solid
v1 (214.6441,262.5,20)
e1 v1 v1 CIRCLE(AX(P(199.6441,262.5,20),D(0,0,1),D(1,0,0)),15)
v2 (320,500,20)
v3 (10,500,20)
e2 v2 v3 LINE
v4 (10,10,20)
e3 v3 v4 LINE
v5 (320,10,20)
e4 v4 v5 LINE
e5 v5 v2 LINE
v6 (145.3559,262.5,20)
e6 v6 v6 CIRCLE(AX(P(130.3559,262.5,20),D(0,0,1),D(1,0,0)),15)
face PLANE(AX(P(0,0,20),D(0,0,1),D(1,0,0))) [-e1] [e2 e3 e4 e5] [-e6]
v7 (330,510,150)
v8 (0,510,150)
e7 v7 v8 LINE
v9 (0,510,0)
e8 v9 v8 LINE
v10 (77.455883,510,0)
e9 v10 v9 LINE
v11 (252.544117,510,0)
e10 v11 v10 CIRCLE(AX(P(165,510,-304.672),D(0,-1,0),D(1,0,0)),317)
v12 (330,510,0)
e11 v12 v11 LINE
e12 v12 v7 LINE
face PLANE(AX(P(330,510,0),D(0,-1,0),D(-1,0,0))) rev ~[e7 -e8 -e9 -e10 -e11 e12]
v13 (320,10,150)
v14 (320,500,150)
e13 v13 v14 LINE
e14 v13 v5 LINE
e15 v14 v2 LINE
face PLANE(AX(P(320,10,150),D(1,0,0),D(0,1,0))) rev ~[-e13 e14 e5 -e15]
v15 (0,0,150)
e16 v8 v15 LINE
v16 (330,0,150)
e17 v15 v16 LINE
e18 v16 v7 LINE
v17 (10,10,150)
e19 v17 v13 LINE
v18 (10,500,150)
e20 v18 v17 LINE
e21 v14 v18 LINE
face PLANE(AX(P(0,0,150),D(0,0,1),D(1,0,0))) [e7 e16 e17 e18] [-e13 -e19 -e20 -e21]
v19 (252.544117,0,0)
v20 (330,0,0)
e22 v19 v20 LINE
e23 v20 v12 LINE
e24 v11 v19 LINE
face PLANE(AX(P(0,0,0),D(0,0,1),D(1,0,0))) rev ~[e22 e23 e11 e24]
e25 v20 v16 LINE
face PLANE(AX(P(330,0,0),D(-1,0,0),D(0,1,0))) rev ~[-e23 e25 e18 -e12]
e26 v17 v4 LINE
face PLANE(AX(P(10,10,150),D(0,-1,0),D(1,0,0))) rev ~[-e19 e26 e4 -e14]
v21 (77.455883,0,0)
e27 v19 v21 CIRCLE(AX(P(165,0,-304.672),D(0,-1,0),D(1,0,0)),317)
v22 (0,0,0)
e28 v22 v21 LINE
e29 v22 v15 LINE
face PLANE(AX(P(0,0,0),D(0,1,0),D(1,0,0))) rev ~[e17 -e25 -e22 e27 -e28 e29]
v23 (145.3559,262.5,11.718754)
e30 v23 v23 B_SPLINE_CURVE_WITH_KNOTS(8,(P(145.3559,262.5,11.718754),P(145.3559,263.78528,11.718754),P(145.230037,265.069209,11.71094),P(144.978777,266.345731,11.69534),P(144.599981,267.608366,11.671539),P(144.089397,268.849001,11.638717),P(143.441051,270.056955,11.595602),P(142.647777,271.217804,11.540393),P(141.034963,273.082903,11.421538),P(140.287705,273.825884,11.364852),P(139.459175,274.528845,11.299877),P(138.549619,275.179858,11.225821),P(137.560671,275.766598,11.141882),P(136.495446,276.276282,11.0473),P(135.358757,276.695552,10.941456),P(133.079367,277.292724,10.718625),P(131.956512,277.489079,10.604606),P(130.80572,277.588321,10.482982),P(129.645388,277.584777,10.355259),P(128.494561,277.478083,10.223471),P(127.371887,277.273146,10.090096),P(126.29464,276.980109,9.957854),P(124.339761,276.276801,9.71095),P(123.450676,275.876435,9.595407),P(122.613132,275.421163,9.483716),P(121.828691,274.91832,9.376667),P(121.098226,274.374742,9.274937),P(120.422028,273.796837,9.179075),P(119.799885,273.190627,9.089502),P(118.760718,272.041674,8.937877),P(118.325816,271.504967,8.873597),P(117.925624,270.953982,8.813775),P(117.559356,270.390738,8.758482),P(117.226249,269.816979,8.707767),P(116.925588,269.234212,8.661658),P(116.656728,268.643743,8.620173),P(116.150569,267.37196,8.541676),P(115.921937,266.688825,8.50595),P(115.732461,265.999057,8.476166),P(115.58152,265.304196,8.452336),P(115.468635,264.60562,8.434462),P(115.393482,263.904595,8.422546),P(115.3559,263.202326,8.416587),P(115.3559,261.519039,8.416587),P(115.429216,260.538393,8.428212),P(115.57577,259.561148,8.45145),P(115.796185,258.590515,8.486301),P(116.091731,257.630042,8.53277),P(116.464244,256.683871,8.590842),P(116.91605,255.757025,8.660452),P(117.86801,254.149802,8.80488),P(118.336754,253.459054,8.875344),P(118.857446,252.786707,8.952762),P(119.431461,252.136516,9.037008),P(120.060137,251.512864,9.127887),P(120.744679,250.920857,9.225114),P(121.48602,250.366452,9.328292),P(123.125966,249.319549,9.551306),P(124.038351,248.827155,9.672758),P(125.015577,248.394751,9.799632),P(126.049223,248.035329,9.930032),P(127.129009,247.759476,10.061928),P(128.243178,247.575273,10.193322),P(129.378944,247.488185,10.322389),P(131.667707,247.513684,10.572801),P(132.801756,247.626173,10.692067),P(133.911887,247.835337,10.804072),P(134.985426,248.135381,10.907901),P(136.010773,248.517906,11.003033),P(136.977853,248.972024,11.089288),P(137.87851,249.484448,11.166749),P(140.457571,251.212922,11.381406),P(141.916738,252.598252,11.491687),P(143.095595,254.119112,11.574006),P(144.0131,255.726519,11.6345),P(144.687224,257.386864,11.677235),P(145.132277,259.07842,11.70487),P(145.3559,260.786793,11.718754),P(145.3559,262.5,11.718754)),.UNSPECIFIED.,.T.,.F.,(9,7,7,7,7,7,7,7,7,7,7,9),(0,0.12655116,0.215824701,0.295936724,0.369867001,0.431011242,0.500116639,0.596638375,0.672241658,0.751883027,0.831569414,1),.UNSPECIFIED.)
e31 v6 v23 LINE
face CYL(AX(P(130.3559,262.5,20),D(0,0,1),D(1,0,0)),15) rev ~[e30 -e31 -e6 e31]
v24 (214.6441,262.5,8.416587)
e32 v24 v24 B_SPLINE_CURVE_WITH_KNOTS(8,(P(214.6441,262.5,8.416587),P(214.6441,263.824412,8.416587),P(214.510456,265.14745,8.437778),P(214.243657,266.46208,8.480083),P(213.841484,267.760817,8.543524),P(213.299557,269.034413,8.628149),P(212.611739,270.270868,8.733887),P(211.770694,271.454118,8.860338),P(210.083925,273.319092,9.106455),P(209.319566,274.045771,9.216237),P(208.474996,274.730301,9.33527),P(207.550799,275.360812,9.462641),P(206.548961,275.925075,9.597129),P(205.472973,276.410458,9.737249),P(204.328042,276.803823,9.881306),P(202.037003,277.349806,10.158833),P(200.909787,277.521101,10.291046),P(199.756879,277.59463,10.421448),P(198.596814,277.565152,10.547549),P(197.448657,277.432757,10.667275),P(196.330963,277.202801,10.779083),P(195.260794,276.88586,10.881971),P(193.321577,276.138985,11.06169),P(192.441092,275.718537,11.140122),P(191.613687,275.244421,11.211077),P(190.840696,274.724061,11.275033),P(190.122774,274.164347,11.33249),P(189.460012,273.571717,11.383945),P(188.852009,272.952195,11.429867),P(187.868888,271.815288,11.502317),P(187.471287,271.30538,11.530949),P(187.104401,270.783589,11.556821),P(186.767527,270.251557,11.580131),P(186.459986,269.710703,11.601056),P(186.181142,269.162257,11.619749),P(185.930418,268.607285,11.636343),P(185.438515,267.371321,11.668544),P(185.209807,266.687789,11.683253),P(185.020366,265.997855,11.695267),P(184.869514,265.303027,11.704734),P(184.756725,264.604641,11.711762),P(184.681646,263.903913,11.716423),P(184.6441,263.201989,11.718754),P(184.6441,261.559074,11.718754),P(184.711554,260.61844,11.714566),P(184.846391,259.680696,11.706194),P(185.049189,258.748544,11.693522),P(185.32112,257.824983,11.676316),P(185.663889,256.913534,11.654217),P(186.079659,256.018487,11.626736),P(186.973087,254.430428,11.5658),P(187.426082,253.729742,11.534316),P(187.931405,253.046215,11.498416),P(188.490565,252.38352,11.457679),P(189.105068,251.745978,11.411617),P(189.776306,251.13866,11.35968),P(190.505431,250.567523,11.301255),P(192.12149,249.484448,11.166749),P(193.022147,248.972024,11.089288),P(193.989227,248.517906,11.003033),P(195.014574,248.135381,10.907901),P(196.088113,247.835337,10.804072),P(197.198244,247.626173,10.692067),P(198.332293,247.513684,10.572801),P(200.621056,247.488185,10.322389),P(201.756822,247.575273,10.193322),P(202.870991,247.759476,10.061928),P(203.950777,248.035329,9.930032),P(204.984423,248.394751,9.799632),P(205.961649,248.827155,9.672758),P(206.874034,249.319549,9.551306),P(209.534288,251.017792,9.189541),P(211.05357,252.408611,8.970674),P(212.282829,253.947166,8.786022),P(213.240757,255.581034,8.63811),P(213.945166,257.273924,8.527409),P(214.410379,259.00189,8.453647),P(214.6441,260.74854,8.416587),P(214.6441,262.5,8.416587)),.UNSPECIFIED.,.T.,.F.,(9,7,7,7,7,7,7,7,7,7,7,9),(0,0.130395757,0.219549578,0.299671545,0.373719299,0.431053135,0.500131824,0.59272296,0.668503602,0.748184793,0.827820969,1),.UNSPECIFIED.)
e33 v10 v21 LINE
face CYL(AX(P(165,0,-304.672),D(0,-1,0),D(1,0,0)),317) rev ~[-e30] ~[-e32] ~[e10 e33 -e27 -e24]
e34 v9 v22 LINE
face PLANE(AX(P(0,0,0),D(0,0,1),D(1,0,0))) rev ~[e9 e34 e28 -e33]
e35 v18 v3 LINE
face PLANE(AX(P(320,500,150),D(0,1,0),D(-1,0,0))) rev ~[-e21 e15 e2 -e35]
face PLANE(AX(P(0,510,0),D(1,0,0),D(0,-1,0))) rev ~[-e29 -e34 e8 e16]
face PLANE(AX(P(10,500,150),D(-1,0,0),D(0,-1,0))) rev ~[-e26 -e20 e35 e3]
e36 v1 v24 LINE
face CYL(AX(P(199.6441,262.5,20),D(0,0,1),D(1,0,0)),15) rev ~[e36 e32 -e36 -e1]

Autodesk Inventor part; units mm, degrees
ref_plane "YZ Plane" through (0, 0, 0) normal (1, 0, 0) x (0, 1, 0)
ref_plane "XZ Plane" through (0, 0, 0) normal (0, 1, 0) x (-1, 0, 0)
ref_plane "XY Plane" through (0, 0, 0) normal (0, 0, 1) x (1, 0, 0)
sketch "Sketch1" plane through (0, 0, 0) normal (0, 0, 1) x (1, 0, 0)
  line L0 (0, 0) -> (330, 0)
  line L1 (330, 0) -> (330, 510)
  line L2 (330, 510) -> (0, 510)
  line L3 (0, 510) -> (0, 0)
  dimension "d0" = 330
  dimension "d1" = 510
extrude "Extrusion1" add sketch "Sketch1" along normal blind 150
sketch "Sketch2" plane through (0, 0, 0) normal (0, -1, 0) x (1, 0, 0)
  circle A0 centre (165, -304.672) radius 315
  line L0 (85, 0) -> (245, 0)
  line L1 (0, 0) -> (330, 0) projected
  circle A1 centre (165, -304.672) radius 317
  point P0 (165, 0)
  point P1 (165, 0)
  dimension "d4" = 630
  dimension "d8" = 160
  dimension "d9" = 2
extrude "Extrusion2" cut sketch "Sketch2" against normal through all
sketch "Sketch3" plane through (0, 0, 150) normal (0, 0, 1) x (1, 0, 0)
  line L0 (0, 0) -> (330, 0) projected
  line L1 (330, 0) -> (330, 510) projected
  line L2 (330, 510) -> (0, 510) projected
  line L3 (0, 510) -> (0, 0) projected
  line L4 (10, 10) -> (320, 10)
  line L5 (320, 10) -> (320, 500)
  line L6 (320, 500) -> (10, 500)
  line L7 (10, 500) -> (10, 10)
  dimension "d10" = 10
extrude "Extrusion3" cut sketch "Sketch3" against normal blind 130 contours L7 L6 L5 L4
sketch "Sketch4" plane through (0, 0, 20) normal (0, 0, 1) x (1, 0, 0)
  line L0 (10, 500) -> (320, 500) construction
  line L1 (85, 500) -> (245, 500) construction
  line L2 (245, 500) -> (245, 10) construction
  line L3 (245, 10) -> (85, 10) construction
  line L4 (85, 10) -> (85, 500) construction
  line L5 (320, 10) -> (10, 10) construction
  line L6 (85, 500) -> (245, 500) construction
  line L7 (245, 500) -> (245, 455) construction
  line L8 (245, 455) -> (85, 455) construction
  line L9 (85, 455) -> (85, 500) construction
  line L10 (85, 455) -> (245, 455) construction
  line L11 (245, 455) -> (245, 400) construction
  line L12 (245, 400) -> (85, 400) construction
  line L13 (85, 400) -> (85, 455) construction
  line L14 (85, 400) -> (245, 400) construction
  line L15 (245, 400) -> (245, 345) construction
  line L16 (245, 345) -> (85, 345) construction
  line L17 (85, 345) -> (85, 400) construction
  line L18 (85, 345) -> (245, 345) construction
  line L19 (245, 345) -> (245, 290) construction
  line L20 (245, 290) -> (85, 290) construction
  line L21 (85, 290) -> (85, 345) construction
  line L22 (85, 290) -> (245, 290) construction
  line L23 (245, 290) -> (245, 235) construction
  line L24 (245, 235) -> (85, 235) construction
  line L25 (85, 235) -> (85, 290) construction
  circle A0 centre (130.3559, 262.5) radius 15
  circle A1 centre (199.6441, 262.5) radius 15
  line L26 (130.3559, 262.5) -> (199.6441, 262.5) construction
  point P0 (0, 0)
  point P1 (165, 500)
  point P2 (165, 500)
  point P3 (165, 262.5)
  point P4 (165, 235)
  point P5 (245, 262.5)
  dimension "d13" = 160
  dimension "d14" = 45
  dimension "d15" = 55
  dimension "d16" = 55
  dimension "d17" = 55
  dimension "d18" = 55
  dimension "d19" = 30
  dimension "d20" = 30
  dimension "d21" = 69.2883
extrude "Extrusion4" cut sketch "Sketch4" against normal through all
properties part number "CA002" material "ABS Plastic"
